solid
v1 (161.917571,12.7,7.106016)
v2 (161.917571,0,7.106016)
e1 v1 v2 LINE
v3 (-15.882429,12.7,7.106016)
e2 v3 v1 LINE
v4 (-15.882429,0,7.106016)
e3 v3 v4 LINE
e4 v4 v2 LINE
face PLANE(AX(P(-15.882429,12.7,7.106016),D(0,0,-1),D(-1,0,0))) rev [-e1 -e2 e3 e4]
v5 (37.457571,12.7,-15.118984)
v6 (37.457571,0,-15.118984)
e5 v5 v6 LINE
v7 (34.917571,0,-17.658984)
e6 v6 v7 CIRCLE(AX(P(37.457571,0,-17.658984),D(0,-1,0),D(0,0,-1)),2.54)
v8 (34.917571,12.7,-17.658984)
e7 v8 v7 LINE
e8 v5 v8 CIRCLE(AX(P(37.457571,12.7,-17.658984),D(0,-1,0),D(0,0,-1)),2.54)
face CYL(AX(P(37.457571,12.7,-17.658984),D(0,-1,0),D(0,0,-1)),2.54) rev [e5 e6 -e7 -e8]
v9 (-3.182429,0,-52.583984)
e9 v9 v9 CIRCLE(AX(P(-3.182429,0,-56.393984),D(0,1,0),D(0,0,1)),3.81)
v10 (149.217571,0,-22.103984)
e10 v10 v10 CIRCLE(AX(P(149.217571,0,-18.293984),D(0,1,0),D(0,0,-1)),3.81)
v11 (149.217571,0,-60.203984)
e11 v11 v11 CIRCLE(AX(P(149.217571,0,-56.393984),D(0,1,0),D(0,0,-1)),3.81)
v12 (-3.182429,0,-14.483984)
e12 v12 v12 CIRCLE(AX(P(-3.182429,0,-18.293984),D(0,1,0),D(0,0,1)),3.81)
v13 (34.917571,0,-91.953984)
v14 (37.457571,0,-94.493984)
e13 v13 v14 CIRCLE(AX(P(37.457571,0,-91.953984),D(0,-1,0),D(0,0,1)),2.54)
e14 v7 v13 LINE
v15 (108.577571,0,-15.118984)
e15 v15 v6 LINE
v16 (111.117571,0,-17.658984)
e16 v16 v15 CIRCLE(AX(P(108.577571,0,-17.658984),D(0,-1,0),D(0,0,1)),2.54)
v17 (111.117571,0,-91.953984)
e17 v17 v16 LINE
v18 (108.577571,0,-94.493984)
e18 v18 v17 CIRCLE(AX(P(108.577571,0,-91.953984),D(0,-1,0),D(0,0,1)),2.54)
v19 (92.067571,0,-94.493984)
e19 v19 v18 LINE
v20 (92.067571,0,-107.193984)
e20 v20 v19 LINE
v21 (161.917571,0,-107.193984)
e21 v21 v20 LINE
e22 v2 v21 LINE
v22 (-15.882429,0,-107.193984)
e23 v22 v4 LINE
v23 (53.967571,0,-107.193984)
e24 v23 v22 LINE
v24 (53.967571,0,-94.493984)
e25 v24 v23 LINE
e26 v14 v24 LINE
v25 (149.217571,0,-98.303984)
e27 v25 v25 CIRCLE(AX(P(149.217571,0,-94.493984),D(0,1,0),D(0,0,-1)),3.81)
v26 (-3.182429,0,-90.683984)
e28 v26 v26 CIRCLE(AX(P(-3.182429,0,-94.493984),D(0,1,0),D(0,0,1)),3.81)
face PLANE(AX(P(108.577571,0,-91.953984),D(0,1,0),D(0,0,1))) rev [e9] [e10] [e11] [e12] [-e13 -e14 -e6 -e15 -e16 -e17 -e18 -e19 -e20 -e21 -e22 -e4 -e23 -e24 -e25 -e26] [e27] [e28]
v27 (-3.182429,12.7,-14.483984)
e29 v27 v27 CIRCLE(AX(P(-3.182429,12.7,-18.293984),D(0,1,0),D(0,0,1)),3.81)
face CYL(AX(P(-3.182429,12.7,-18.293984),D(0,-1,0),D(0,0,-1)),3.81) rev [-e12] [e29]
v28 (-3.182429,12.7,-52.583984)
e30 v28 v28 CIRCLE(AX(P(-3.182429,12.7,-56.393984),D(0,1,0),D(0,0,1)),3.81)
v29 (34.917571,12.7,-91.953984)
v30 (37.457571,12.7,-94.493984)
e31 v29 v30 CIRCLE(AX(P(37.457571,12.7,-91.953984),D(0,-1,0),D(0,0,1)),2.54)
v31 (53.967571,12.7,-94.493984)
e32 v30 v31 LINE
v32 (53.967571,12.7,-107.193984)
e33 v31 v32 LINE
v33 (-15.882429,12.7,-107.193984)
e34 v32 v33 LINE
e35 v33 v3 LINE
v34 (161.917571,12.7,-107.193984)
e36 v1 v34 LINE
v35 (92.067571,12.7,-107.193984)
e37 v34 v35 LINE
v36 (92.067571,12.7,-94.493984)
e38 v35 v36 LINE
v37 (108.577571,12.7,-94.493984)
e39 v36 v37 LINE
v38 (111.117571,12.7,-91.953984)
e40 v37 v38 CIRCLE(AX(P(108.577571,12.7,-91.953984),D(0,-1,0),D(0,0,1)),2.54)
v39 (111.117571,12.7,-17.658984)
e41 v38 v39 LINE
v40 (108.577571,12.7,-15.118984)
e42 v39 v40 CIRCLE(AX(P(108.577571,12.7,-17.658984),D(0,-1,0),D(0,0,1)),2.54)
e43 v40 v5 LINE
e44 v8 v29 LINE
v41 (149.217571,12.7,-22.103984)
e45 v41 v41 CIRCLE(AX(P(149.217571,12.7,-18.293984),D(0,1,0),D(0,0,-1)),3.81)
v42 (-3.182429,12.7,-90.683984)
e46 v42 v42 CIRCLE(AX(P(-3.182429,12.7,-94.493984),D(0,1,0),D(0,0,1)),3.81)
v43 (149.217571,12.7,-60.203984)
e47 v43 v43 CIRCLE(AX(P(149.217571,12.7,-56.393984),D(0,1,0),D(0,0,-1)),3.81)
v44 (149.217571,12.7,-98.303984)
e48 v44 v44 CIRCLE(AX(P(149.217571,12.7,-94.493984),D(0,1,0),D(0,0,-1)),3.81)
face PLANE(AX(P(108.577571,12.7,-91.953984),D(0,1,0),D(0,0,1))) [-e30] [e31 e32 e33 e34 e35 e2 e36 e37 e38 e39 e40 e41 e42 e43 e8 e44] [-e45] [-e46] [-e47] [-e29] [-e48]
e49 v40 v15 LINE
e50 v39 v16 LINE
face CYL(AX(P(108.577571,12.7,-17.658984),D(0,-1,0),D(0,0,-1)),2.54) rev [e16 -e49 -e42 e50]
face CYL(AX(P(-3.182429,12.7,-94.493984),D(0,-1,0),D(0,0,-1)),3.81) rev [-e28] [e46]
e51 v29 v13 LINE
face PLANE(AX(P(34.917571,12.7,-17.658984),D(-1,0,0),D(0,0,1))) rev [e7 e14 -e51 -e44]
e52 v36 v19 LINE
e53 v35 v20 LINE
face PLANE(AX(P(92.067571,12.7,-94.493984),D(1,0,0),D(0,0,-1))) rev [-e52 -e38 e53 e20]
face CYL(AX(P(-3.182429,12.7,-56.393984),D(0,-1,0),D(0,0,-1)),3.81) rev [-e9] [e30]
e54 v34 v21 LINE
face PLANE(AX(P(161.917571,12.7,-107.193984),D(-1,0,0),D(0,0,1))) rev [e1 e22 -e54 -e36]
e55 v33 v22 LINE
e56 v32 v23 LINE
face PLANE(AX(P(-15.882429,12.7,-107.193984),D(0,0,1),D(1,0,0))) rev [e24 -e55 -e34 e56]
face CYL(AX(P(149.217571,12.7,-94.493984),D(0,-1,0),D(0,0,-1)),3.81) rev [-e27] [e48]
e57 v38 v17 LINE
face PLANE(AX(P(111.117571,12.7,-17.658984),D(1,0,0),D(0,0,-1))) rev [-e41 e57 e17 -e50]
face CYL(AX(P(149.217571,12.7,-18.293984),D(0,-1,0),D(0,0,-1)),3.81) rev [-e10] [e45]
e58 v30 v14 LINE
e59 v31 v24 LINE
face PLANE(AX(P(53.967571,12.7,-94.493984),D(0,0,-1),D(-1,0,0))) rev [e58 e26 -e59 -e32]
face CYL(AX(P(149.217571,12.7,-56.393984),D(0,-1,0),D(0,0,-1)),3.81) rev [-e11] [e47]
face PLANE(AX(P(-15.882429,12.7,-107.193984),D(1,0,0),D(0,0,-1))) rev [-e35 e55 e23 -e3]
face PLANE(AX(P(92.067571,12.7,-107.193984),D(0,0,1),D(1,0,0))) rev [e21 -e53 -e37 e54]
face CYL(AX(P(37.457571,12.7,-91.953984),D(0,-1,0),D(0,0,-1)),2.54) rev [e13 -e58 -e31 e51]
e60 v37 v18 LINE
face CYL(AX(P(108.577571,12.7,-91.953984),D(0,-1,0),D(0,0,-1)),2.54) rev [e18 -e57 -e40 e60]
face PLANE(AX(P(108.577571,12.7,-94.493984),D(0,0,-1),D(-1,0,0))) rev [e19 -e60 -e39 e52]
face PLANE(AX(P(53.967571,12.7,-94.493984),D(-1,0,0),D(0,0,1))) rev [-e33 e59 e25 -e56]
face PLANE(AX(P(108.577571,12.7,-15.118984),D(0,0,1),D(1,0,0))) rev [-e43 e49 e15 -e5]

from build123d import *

# Parameters (mm, degrees)
SKETCH1_R           = 3.81
BOSS_EXTRUDE1_DEPTH = 12.7


with BuildPart() as part:
    # Sketch1 → Boss-Extrude1 (new body)
    with BuildSketch(Plane(origin=(0, 0, 0), x_dir=(1, 0, 0), z_dir=(0, 1, 0))):
        with BuildLine():
            Line((92.067570855, 107.193983746), (161.917570855, 107.193983746))
            Line((161.917570855, 107.193983746), (161.917570855, -7.106016254))
            Line((161.917570855, -7.106016254), (-15.882429145, -7.106016254))
            Line((-15.882429145, -7.106016254), (-15.882429145, 107.193983746))
            Line((-15.882429145, 107.193983746), (53.967570855, 107.193983746))
            Line((53.967570855, 107.193983746), (53.967570855, 94.493983746))
            Line((53.967570855, 94.493983746), (37.457570855, 94.493983746))
            ThreePointArc((37.457570855, 94.493983746), (35.661519631, 93.75003497), (34.917570855, 91.953983746))
            Line((34.917570855, 91.953983746), (34.917570855, 17.658983746))
            ThreePointArc((34.917570855, 17.658983746), (35.661519631, 15.862932521), (37.457570855, 15.118983746))
            Line((37.457570855, 15.118983746), (108.577570855, 15.118983746))
            ThreePointArc((108.577570855, 15.118983746), (110.373622079, 15.862932521), (111.117570855, 17.658983746))
            Line((111.117570855, 17.658983746), (111.117570855, 91.953983746))
            ThreePointArc((111.117570855, 91.953983746), (110.373622079, 93.75003497), (108.577570855, 94.493983746))
            Line((108.577570855, 94.493983746), (92.067570855, 94.493983746))
            Line((92.067570855, 94.493983746), (92.067570855, 107.193983746))
        make_face()
        with Locations(Location((-3.182429145, 94.493983746, 0), (0, 0, 270))):
            Circle(SKETCH1_R, mode=Mode.SUBTRACT)
        with Locations(Location((-3.182429145, 56.393983746, 0), (0, 0, 270))):
            Circle(SKETCH1_R, mode=Mode.SUBTRACT)
        with Locations(Location((-3.182429145, 18.293983746, 0), (0, 0, 270))):
            Circle(SKETCH1_R, mode=Mode.SUBTRACT)
        with Locations(Location((149.217570855, 94.493983746, 0), (0, 0, 90))):
            Circle(SKETCH1_R, mode=Mode.SUBTRACT)
        with Locations(Location((149.217570855, 56.393983746, 0), (0, 0, 90))):
            Circle(SKETCH1_R, mode=Mode.SUBTRACT)
        with Locations(Location((149.217570855, 18.293983746, 0), (0, 0, 90))):
            Circle(SKETCH1_R, mode=Mode.SUBTRACT)
    extrude(amount=BOSS_EXTRUDE1_DEPTH)


solid = part.part
